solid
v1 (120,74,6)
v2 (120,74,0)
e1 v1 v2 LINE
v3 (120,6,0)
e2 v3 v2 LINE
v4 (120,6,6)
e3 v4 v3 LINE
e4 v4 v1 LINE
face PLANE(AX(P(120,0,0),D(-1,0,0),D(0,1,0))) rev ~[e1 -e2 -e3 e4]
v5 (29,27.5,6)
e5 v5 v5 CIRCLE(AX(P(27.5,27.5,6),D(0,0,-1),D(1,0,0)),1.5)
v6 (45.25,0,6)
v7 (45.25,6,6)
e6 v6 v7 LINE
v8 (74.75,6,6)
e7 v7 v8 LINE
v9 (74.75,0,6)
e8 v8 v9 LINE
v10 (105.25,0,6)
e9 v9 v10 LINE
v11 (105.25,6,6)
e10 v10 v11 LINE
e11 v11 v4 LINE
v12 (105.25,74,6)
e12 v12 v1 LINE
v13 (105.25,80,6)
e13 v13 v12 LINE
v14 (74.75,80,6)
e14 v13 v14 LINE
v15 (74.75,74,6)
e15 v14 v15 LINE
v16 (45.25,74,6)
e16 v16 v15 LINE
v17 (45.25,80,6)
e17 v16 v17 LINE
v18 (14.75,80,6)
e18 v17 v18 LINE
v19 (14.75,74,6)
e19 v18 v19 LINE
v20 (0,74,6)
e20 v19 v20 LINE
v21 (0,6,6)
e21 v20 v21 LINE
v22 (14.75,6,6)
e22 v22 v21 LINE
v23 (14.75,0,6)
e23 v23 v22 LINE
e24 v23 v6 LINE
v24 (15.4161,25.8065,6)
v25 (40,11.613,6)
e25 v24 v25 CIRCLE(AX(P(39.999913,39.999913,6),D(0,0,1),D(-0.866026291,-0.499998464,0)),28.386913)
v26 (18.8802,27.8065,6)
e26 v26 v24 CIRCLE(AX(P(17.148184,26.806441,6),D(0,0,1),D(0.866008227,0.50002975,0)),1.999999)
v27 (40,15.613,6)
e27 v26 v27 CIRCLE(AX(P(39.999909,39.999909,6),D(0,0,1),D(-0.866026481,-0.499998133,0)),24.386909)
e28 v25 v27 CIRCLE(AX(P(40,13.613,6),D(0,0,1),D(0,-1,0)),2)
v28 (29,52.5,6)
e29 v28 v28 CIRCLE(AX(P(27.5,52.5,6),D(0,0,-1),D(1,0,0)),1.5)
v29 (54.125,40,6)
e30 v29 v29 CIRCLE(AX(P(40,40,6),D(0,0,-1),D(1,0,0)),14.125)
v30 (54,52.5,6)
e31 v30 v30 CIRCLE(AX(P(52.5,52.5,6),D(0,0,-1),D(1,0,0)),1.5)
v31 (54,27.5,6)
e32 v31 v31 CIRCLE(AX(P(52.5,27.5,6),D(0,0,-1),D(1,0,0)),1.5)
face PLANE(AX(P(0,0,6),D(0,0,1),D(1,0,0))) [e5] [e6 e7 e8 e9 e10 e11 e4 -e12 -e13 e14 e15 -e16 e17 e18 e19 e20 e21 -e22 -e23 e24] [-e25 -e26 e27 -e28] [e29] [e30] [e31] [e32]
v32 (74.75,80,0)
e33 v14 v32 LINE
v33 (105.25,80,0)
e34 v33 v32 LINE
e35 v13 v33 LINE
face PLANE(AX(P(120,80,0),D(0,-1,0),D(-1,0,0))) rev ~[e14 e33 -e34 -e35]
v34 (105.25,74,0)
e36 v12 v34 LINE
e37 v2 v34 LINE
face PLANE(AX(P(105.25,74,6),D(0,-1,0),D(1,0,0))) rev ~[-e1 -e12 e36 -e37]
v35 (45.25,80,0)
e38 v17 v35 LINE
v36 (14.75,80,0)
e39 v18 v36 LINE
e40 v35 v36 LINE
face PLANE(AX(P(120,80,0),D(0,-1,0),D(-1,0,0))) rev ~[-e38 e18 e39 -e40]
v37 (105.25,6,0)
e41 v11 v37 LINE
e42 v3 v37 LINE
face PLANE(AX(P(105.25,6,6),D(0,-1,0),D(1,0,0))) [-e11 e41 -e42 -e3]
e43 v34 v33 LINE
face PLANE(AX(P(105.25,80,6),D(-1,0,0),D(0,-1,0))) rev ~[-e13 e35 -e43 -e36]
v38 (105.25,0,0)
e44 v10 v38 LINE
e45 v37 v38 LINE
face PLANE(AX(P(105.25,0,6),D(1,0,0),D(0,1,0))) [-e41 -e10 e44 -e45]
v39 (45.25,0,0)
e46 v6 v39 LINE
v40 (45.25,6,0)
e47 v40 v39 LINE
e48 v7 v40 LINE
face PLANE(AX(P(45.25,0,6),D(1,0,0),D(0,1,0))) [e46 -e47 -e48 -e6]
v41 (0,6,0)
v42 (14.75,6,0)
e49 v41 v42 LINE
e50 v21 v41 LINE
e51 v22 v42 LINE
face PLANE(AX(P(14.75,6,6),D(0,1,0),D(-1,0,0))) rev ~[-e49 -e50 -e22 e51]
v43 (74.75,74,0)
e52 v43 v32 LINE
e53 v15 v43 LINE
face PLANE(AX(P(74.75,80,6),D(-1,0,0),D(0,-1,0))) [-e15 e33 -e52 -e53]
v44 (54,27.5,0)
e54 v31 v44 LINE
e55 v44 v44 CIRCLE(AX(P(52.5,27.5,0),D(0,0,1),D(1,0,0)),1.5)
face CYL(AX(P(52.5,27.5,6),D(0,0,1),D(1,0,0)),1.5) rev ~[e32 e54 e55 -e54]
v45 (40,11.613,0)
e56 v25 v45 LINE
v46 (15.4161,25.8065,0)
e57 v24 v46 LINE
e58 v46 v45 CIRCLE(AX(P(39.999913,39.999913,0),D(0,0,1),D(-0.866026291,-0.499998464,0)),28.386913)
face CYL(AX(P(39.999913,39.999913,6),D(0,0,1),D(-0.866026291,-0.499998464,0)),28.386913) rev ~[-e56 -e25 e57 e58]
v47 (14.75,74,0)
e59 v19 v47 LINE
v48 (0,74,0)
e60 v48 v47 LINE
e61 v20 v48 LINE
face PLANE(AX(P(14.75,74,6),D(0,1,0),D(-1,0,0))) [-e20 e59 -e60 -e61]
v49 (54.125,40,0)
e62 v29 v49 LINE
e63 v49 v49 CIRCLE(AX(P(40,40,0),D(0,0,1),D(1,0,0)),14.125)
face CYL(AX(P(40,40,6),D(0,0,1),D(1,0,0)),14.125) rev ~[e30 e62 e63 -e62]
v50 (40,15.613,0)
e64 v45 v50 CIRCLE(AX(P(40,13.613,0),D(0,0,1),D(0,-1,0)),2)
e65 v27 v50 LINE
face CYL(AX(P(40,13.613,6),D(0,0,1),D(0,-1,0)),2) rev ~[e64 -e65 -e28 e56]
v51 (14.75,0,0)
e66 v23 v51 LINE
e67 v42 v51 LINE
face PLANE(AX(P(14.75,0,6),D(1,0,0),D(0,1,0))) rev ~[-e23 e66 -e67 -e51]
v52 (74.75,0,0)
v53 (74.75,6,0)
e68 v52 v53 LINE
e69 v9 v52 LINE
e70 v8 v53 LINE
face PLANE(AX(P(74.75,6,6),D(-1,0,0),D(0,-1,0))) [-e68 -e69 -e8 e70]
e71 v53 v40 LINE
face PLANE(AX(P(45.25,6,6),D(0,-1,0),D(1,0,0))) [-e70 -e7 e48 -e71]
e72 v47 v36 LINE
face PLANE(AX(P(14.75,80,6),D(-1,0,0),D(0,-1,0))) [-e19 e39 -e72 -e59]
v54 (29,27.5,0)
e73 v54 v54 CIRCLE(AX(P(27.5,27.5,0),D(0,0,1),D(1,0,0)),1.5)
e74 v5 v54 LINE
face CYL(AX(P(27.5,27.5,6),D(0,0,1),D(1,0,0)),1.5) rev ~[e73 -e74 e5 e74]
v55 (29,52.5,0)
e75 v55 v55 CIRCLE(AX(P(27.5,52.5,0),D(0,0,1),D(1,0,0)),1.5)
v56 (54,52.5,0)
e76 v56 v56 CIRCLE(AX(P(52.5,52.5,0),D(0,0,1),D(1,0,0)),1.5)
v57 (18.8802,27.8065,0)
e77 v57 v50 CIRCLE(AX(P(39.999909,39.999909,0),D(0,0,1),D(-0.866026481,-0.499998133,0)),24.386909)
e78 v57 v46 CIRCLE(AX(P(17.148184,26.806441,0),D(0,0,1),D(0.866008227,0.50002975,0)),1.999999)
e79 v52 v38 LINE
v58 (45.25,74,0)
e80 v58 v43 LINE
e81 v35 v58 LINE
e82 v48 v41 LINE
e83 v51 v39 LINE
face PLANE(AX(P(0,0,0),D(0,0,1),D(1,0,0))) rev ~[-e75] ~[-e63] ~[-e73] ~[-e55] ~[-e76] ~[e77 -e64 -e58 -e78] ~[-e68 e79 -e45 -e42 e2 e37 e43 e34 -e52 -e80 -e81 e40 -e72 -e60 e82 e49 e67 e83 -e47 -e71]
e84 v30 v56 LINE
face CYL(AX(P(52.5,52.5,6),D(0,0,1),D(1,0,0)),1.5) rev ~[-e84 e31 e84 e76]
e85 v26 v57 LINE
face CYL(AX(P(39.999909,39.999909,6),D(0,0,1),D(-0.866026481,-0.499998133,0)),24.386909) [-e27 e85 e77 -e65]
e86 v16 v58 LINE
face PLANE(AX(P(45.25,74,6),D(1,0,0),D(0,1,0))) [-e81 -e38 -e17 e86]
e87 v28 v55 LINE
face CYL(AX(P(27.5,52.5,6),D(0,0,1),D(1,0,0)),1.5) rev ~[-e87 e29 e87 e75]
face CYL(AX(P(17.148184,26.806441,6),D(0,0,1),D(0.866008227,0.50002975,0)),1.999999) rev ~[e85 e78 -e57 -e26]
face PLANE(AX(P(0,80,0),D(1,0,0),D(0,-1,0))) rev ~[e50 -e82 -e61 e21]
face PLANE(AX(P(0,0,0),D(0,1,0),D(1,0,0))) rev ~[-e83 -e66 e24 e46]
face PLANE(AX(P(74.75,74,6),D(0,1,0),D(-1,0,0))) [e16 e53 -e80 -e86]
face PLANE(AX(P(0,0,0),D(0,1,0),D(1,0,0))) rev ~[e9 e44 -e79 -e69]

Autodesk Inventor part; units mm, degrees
ref_plane "YZ Plane" through (0, 0, 0) normal (1, 0, 0) x (0, 1, 0)
ref_plane "XZ Plane" through (0, 0, 0) normal (0, 1, 0) x (-1, 0, 0)
ref_plane "XY Plane" through (0, 0, 0) normal (0, 0, 1) x (1, 0, 0)
sketch "Sketch1" plane through (0, 0, 0) normal (0, 0, 1) x (1, 0, 0)
  line L0 (0, 0) -> (120, 0)
  line L1 (120, 0) -> (120, 80)
  line L2 (120, 80) -> (0, 80)
  line L3 (0, 80) -> (0, 0)
  dimension "d0" = 120
  dimension "d1" = 80
extrude "Extrusion1" add sketch "Sketch1" along normal blind 6
sketch "Sketch2" plane through (0, 0, 6) normal (0, 0, 1) x (1, 0, 0)
  line L0 (0, 0) -> (120, 0) projected
  line L1 (120, 0) -> (120, 80) projected
  line L2 (120, 80) -> (0, 80) projected
  line L3 (0, 80) -> (0, 0) projected
  line L4 (0, 80) -> (14.75, 80)
  line L5 (14.75, 80) -> (14.75, 74)
  line L6 (14.75, 74) -> (0, 74)
  line L7 (0, 74) -> (0, 80)
  line L8 (120, 80) -> (0, 80) projected
  line L9 (45.25, 80) -> (74.75, 80)
  line L10 (74.75, 80) -> (74.75, 74)
  line L11 (74.75, 74) -> (45.25, 74)
  line L12 (45.25, 74) -> (45.25, 80)
  line L13 (120, 80) -> (105.25, 80)
  line L14 (105.25, 80) -> (105.25, 74)
  line L15 (105.25, 74) -> (120, 74)
  line L16 (120, 74) -> (120, 80)
  line L17 (120, 0) -> (105.25, 0)
  line L18 (105.25, 0) -> (105.25, 6)
  line L19 (105.25, 6) -> (120, 6)
  line L20 (120, 6) -> (120, 0)
  line L21 (0, 0) -> (120, 0) projected
  line L22 (74.75, 0) -> (45.25, 0)
  line L23 (45.25, 0) -> (45.25, 6)
  line L24 (45.25, 6) -> (74.75, 6)
  line L25 (74.75, 6) -> (74.75, 0)
  line L26 (0, 0) -> (14.75, 0)
  line L27 (14.75, 0) -> (14.75, 6)
  line L28 (14.75, 6) -> (0, 6)
  line L29 (0, 6) -> (0, 0)
  line L30 (60, 104.1502) -> (60, -33.6862)
  line L31 (120, 0) -> (120, 80) projected
  dimension "d4" = 6
  dimension "d5" = 6
  dimension "d6" = 14.75
  dimension "d7" = 29.5
  dimension "d9" = 14.75
  dimension "d19" = 60
  dimension "d20" = 14.75
extrude "Extrusion2" cut sketch "Sketch2" against normal up to next contours L3 L28 L27 L0 | L23 L24 L30 L0 | L3 L2 L5 L6 | L30 L24 L25 L0 | L18 L19 L1 L0 | L30 L2 L10 L11 | L11 L12 L2 L30 | L15 L14 L2 L1
sketch "Sketch4" plane through (0, 0, 6) normal (0, 0, 1) x (1, 0, 0)
  circle A0 centre (40, 40) radius 4.6
  line L0 (0, 74) -> (0, 6) projected
  line L1 (45.25, 80) -> (14.75, 80) projected
  point P0 (0, 0)
  dimension "d14" = 40
  dimension "d15" = 40
  dimension "d16" = 9.2
extrude "Extrusion4" cut sketch "Sketch4" against normal up to next
sketch "Sketch5" plane through (0, 0, 6) normal (0, 0, 1) x (1, 0, 0)
  circle A0 centre (40, 40) radius 4.6 projected
  line L0 (74.75, 6) -> (74.75, 0) projected
  line L1 (74.75, 0) -> (105.25, 0) projected
  line L2 (105.25, 0) -> (105.25, 6) projected
  line L3 (105.25, 6) -> (120, 6) projected
  line L4 (120, 6) -> (120, 74) projected
  line L5 (120, 74) -> (105.25, 74) projected
  line L6 (105.25, 74) -> (105.25, 80) projected
  line L7 (105.25, 80) -> (74.75, 80) projected
  line L8 (74.75, 80) -> (74.75, 74) projected
  line L9 (74.75, 74) -> (45.25, 74) projected
  line L10 (45.25, 74) -> (45.25, 80) projected
  line L11 (45.25, 80) -> (14.75, 80) projected
  line L12 (14.75, 80) -> (14.75, 74) projected
  line L13 (14.75, 74) -> (0, 74) projected
  line L14 (0, 74) -> (0, 6) projected
  line L15 (0, 6) -> (14.75, 6) projected
  line L16 (14.75, 6) -> (14.75, 0) projected
  line L17 (14.75, 0) -> (45.25, 0) projected
  line L18 (45.25, 0) -> (45.25, 6) projected
  line L19 (45.25, 6) -> (74.75, 6) projected
  line L20 (52.5, 27.5) -> (27.5, 27.5)
  line L21 (27.5, 27.5) -> (27.5, 52.5)
  line L22 (27.5, 52.5) -> (52.5, 52.5)
  line L23 (52.5, 52.5) -> (52.5, 27.5)
  circle A1 centre (40, 40) radius 14.125
  circle A2 centre (52.5, 27.5) radius 1.5
  circle A3 centre (27.5, 27.5) radius 1.5
  circle A4 centre (27.5, 52.5) radius 1.5
  circle A5 centre (52.5, 52.5) radius 1.5
  circle A6 centre (40, 40) radius 26.387 construction
  line L24 (40, 40) -> (40, 13.613) construction
  line L25 (40, 40) -> (17.1482, 26.8065) construction
  arc A7 (40, 11.613) -> (40, 15.613) centre (40, 13.613) ccw
  arc A8 (18.8802, 27.8065) -> (15.4161, 25.8065) centre (17.1482, 26.8065) ccw
  arc A9 (18.8802, 27.8065) -> (40, 15.613) centre (40, 40) ccw
  arc A10 (15.4161, 25.8065) -> (40, 11.613) centre (40, 40) ccw
  point P0 (0, 0)
  dimension "d21" = 3
  dimension "d22" = 3
  dimension "d23" = 3
  dimension "d24" = 3
  dimension "d25" = 28.25
  dimension "d26" = 25
  dimension "d27" = 25
  dimension "d28" = 12.5
  dimension "d29" = 12.5
  dimension "d30" = 52.774
  dimension "d31" = 60
  dimension "d32" = 4
  dimension "d33" = 4
extrude "Extrusion5" cut sketch "Sketch5" against normal blind 10 contours A3 L21 L20 | L20 L21 A3 | A1 L21 L22 L23 L20 | L20 A1 | A1 L21 | A2 L23 L20 | L20 L23 A2 | L23 A1 | A4 L22 L21 | L21 L22 A4 | A1 L22 | A5 L22 L23 | L23 L22 A5 | A10 A8 A9 A7
equation "\"d20\" = 0.5 * d7"
equation "\"d22\" = d21"
equation "\"d23\" = d21"
equation "\"d24\" = d21"
equation "\"d28\" = 0.5 * d26"
equation "\"d29\" = 0.5 * d27"
properties part number "top"
